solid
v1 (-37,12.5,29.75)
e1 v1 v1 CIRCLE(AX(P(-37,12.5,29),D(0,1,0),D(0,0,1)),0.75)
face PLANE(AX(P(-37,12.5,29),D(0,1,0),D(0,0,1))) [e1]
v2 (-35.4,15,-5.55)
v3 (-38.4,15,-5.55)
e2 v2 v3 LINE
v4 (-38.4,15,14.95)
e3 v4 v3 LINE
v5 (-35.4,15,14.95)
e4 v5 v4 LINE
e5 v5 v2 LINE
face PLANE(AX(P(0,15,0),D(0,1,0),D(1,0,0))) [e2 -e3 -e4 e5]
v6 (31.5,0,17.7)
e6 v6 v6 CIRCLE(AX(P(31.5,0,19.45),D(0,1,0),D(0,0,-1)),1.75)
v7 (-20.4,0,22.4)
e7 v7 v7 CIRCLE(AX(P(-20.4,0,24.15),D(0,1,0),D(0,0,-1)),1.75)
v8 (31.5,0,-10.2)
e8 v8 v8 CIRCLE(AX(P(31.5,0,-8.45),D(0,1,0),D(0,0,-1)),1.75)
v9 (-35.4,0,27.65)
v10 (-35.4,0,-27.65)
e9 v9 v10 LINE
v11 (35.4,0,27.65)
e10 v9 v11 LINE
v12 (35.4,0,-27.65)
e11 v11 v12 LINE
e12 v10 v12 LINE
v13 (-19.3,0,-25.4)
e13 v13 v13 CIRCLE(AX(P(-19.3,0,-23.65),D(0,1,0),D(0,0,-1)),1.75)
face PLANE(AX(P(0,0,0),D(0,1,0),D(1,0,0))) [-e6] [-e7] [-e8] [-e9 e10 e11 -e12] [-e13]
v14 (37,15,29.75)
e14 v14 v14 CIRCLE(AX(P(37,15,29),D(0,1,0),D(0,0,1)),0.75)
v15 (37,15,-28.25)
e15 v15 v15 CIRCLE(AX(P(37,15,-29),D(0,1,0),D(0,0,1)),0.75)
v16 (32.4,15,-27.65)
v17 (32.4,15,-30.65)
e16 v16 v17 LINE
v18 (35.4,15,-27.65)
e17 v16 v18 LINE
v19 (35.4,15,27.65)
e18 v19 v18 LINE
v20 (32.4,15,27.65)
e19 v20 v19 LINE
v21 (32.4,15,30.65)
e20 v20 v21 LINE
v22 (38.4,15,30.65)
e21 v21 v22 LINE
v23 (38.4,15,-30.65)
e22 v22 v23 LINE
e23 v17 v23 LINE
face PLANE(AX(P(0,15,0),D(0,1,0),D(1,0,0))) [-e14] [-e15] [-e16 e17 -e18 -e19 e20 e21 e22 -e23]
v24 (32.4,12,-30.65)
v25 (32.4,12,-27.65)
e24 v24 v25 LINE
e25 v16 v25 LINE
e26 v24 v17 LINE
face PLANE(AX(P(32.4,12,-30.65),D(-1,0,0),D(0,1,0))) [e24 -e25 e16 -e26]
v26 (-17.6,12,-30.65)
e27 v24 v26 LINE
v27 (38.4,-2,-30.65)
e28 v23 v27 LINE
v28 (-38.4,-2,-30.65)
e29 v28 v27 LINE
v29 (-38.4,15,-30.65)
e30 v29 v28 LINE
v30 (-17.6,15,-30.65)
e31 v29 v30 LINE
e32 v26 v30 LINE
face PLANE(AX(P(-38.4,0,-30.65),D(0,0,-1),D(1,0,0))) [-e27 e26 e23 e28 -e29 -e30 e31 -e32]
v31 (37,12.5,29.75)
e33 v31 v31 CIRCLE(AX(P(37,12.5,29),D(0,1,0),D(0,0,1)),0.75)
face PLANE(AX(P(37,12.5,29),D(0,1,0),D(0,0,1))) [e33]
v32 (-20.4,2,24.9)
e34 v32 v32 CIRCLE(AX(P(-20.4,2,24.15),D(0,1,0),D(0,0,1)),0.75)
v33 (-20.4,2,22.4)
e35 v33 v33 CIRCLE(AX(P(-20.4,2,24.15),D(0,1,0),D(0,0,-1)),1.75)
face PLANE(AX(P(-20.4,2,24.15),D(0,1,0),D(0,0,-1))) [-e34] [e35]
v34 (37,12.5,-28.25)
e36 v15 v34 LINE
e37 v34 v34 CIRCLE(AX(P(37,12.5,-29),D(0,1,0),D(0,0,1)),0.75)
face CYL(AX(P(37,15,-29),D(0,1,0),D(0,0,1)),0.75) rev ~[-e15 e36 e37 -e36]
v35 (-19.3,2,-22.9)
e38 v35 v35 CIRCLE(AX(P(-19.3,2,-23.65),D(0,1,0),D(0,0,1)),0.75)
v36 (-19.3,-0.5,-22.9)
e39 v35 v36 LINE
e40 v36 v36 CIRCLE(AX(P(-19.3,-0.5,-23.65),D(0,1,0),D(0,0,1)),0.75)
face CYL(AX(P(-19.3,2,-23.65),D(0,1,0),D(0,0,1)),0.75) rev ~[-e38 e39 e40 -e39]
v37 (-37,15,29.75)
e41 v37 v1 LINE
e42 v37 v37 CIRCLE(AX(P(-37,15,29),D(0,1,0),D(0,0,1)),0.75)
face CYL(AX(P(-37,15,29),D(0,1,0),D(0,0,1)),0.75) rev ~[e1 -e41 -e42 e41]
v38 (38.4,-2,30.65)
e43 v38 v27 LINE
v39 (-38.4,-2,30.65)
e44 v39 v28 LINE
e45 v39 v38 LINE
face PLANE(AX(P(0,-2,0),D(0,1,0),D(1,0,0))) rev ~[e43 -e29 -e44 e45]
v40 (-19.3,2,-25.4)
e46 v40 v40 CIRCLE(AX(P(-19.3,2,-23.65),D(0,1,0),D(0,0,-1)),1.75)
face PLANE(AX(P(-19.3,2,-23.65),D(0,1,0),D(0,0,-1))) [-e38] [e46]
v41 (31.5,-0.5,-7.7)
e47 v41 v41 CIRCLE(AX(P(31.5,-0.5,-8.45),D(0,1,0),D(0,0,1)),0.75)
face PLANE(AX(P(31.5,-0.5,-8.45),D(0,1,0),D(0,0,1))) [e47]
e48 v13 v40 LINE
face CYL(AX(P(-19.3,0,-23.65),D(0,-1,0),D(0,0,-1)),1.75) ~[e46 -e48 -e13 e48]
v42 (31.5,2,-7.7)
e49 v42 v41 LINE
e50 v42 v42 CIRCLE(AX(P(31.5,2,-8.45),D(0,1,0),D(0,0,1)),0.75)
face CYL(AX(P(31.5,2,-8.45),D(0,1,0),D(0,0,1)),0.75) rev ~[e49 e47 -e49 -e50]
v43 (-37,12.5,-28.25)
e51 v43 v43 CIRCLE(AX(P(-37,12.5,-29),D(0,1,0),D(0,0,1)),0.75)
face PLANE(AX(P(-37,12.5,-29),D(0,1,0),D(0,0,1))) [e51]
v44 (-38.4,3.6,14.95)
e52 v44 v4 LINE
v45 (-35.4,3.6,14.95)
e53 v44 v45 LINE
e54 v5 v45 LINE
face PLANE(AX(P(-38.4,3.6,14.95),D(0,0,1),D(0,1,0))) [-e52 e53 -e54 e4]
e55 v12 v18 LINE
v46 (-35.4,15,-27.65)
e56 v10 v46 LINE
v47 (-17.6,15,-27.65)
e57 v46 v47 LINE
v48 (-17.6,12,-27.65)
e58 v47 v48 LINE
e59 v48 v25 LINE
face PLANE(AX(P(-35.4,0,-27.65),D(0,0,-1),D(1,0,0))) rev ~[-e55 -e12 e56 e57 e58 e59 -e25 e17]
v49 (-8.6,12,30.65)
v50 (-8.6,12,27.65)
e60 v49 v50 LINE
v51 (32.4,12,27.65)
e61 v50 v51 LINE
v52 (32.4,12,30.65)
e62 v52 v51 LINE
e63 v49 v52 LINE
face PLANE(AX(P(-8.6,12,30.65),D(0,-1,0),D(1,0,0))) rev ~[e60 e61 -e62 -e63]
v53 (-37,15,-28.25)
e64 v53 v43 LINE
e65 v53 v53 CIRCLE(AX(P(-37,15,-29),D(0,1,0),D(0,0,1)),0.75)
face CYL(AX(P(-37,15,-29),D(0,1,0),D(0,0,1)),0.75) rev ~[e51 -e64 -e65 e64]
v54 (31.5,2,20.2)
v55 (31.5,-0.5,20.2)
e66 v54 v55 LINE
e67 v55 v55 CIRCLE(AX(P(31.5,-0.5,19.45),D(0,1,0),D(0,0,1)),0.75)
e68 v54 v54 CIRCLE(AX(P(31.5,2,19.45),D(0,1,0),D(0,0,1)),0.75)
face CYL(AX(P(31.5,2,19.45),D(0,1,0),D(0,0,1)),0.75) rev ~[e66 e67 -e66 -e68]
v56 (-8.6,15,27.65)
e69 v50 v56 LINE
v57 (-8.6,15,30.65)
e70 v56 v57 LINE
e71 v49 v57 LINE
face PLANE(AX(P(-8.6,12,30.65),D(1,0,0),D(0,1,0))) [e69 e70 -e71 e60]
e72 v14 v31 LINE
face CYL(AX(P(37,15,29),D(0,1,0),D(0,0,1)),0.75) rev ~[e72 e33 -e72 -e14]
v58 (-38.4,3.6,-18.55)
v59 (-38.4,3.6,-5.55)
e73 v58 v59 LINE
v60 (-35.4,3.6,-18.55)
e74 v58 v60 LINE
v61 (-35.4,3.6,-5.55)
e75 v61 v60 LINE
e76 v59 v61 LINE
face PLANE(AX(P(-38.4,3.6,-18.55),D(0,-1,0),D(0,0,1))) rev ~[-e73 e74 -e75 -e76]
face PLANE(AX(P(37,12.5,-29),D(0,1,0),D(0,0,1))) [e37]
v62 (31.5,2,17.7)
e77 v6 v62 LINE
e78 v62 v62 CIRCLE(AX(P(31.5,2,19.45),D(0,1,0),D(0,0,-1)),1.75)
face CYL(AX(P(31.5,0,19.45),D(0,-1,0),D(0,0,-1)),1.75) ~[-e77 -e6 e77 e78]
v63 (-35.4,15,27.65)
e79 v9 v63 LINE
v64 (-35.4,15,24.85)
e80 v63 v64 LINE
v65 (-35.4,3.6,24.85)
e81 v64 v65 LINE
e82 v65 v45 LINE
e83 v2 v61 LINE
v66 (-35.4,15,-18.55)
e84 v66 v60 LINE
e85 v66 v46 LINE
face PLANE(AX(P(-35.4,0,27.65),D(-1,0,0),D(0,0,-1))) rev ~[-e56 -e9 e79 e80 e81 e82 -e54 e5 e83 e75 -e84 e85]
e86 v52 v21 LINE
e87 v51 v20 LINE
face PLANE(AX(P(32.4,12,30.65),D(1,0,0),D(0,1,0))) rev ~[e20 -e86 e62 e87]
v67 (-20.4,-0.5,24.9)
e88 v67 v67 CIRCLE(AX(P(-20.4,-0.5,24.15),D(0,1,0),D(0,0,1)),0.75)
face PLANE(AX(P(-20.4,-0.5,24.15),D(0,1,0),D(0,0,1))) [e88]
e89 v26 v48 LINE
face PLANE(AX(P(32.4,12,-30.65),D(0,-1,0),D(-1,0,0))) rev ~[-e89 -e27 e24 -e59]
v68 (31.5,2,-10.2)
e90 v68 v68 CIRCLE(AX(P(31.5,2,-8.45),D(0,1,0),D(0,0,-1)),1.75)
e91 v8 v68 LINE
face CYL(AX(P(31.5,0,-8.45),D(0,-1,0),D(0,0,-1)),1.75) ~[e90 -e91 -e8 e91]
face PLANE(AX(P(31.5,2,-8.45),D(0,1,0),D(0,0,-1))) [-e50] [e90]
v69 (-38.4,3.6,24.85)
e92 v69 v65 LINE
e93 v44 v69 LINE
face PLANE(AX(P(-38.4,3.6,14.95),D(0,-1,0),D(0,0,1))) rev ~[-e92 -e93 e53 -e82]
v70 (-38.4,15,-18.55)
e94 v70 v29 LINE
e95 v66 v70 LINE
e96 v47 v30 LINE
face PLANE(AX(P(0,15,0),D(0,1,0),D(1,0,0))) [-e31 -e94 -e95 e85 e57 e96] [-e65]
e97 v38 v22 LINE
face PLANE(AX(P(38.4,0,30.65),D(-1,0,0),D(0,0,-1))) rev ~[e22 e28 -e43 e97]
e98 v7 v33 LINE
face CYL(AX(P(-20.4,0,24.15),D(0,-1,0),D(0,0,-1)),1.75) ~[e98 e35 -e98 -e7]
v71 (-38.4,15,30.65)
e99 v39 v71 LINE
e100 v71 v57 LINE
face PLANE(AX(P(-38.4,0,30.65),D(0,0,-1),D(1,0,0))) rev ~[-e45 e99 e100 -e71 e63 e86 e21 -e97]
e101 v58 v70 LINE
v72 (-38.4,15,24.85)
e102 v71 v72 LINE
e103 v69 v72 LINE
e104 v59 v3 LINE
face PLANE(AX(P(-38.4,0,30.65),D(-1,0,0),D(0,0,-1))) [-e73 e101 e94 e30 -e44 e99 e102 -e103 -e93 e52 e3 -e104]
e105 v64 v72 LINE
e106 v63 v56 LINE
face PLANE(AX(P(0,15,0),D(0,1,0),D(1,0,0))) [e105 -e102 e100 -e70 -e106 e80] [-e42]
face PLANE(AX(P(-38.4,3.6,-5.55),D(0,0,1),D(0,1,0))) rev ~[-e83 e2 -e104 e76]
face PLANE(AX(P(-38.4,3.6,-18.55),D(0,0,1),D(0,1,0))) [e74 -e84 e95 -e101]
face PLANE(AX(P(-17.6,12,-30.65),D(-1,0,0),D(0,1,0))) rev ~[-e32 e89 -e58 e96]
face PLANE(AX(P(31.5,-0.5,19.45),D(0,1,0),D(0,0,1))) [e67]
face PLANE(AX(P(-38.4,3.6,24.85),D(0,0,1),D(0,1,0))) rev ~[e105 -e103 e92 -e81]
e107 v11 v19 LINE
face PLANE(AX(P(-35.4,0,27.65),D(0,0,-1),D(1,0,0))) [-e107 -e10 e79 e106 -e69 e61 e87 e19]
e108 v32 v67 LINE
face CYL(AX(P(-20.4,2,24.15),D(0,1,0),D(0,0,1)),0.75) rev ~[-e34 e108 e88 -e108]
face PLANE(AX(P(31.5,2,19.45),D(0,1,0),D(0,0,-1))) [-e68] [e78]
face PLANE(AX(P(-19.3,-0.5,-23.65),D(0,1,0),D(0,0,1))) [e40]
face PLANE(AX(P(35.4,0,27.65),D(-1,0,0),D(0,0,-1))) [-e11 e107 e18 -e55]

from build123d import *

# Parameters (mm, degrees)
SKETCH1_W           = 76.8
SKETCH1_H           = 61.3
BOSS_EXTRUDE1_DEPTH = 2
SKETCH2_W           = 76.8
SKETCH2_H           = 61.3
SKETCH2_W_2         = 70.8
SKETCH2_H_2         = 55.3
BOSS_EXTRUDE2_DEPTH = 15
CUT_EXTRUDE1_REACH  = 86.04
SKETCH6_W           = 13
SKETCH6_H           = 14.670742809
CUT_EXTRUDE2_REACH  = 86.04
SKETCH7_W           = 9.9
SKETCH7_H           = 11.743698963
CUT_EXTRUDE3_REACH  = 75.873
SKETCH8_W           = 41
SKETCH8_H           = 11.477298103
CUT_EXTRUDE4_REACH  = 75.873
SKETCH9_W           = 50
SKETCH9_H           = 13.6396876
SKETCH10_R          = 1.75
BOSS_EXTRUDE4_DEPTH = 2
SKETCH11_R          = 0.75
CUT_EXTRUDE5_DEPTH  = 2.5
SKETCH12_R          = 0.75
CUT_EXTRUDE6_DEPTH  = 2.5


with BuildPart() as part:
    # Sketch1 → Boss-Extrude1 (new body)
    with BuildSketch(Plane(origin=(0, 0, 0), x_dir=(1, 0, 0), z_dir=(0, 1, 0))):
        Rectangle(SKETCH1_W, SKETCH1_H)
    extrude(amount=-BOSS_EXTRUDE1_DEPTH)

    # Sketch2 → Boss-Extrude2 (add)
    with BuildSketch(Plane(origin=(0, 0, 0), x_dir=(1, 0, 0), z_dir=(0, 1, 0))):
        Rectangle(SKETCH2_W, SKETCH2_H)
        Rectangle(SKETCH2_W_2, SKETCH2_H_2, mode=Mode.SUBTRACT)
    extrude(amount=BOSS_EXTRUDE2_DEPTH)

    # Sketch6 → Cut-Extrude1 (cut, up to next)
    with BuildSketch(Plane.ZY.offset(38.4), mode=Mode.PRIVATE) as cut_extrude1_sk1:
        with Locations((-12.05, 10.935371405)):
            Rectangle(SKETCH6_W, SKETCH6_H)
    cut_extrude1_tool1 = extrude(cut_extrude1_sk1.sketch, amount=-CUT_EXTRUDE1_REACH, mode=Mode.PRIVATE) & part.part
    add(cut_extrude1_tool1.solids().sort_by_distance((-38.4, 10.935371, -12.05))[0], mode=Mode.SUBTRACT)

    # Sketch7 → Cut-Extrude2 (cut, up to next)
    with BuildSketch(Plane.ZY.offset(38.4), mode=Mode.PRIVATE) as cut_extrude2_sk1:
        with Locations((19.9, 9.471849482)):
            Rectangle(SKETCH7_W, SKETCH7_H)
    cut_extrude2_tool1 = extrude(cut_extrude2_sk1.sketch, amount=-CUT_EXTRUDE2_REACH, mode=Mode.PRIVATE) & part.part
    add(cut_extrude2_tool1.solids().sort_by_distance((-38.4, 9.471849, 19.9))[0], mode=Mode.SUBTRACT)

    # Sketch8 → Cut-Extrude3 (cut, up to next)
    with BuildSketch(Plane.XY.offset(30.65), mode=Mode.PRIVATE) as cut_extrude3_sk1:
        with Locations((11.9, 17.738649052)):
            Rectangle(SKETCH8_W, SKETCH8_H)
    cut_extrude3_tool1 = extrude(cut_extrude3_sk1.sketch, amount=-CUT_EXTRUDE3_REACH, mode=Mode.PRIVATE) & part.part
    add(cut_extrude3_tool1.solids().sort_by_distance((11.9, 17.738649, 30.65))[0], mode=Mode.SUBTRACT)

    # Sketch9 → Cut-Extrude4 (cut, up to next)
    with BuildSketch(Plane(origin=(0, 0, -30.65), x_dir=(-1, 0, 0), z_dir=(0, 0, -1)), mode=Mode.PRIVATE) as cut_extrude4_sk1:
        with Locations((-7.4, 18.8198438)):
            Rectangle(SKETCH9_W, SKETCH9_H)
    cut_extrude4_tool1 = extrude(cut_extrude4_sk1.sketch, amount=-CUT_EXTRUDE4_REACH, mode=Mode.PRIVATE) & part.part
    add(cut_extrude4_tool1.solids().sort_by_distance((7.4, 18.819844, -30.65))[0], mode=Mode.SUBTRACT)

    # Sketch10 → Boss-Extrude4 (add)
    with BuildSketch(Plane(origin=(0, 0, 0), x_dir=(1, 0, 0), z_dir=(0, 1, 0))):
        with Locations(Location((-19.3, 23.65, 0), (0, 0, 90))):
            Circle(SKETCH10_R)
        with Locations(Location((-20.4, -24.15, 0), (0, 0, 90))):
            Circle(SKETCH10_R)
        with Locations(Location((31.5, 8.45, 0), (0, 0, 90))):
            Circle(SKETCH10_R)
        with Locations(Location((31.5, -19.45, 0), (0, 0, 90))):
            Circle(SKETCH10_R)
    extrude(amount=BOSS_EXTRUDE4_DEPTH)

    # Sketch11 → Cut-Extrude5 (cut)
    with BuildSketch(Plane(origin=(0, 2, 0), x_dir=(1, 0, 0), z_dir=(0, 1, 0))):
        with Locations(Location((-19.3, 23.65, 0), (0, 0, 270))):
            Circle(SKETCH11_R)
        with Locations(Location((-20.4, -24.15, 0), (0, 0, 270))):
            Circle(SKETCH11_R)
        with Locations(Location((31.5, 8.45, 0), (0, 0, 270))):
            Circle(SKETCH11_R)
        with Locations(Location((31.5, -19.45, 0), (0, 0, 270))):
            Circle(SKETCH11_R)
    extrude(amount=-CUT_EXTRUDE5_DEPTH, mode=Mode.SUBTRACT)

    # Sketch12 → Cut-Extrude6 (cut)
    with BuildSketch(Plane(origin=(0, 15, 0), x_dir=(1, 0, 0), z_dir=(0, 1, 0))):
        with Locations(Location((-37, 29, 0), (0, 0, 270))):
            Circle(SKETCH12_R)
        with Locations(Location((37, 29, 0), (0, 0, 270))):
            Circle(SKETCH12_R)
        with Locations(Location((37, -29, 0), (0, 0, 270))):
            Circle(SKETCH12_R)
        with Locations(Location((-37, -29, 0), (0, 0, 270))):
            Circle(SKETCH12_R)
    extrude(amount=-CUT_EXTRUDE6_DEPTH, mode=Mode.SUBTRACT)


solid = part.part
